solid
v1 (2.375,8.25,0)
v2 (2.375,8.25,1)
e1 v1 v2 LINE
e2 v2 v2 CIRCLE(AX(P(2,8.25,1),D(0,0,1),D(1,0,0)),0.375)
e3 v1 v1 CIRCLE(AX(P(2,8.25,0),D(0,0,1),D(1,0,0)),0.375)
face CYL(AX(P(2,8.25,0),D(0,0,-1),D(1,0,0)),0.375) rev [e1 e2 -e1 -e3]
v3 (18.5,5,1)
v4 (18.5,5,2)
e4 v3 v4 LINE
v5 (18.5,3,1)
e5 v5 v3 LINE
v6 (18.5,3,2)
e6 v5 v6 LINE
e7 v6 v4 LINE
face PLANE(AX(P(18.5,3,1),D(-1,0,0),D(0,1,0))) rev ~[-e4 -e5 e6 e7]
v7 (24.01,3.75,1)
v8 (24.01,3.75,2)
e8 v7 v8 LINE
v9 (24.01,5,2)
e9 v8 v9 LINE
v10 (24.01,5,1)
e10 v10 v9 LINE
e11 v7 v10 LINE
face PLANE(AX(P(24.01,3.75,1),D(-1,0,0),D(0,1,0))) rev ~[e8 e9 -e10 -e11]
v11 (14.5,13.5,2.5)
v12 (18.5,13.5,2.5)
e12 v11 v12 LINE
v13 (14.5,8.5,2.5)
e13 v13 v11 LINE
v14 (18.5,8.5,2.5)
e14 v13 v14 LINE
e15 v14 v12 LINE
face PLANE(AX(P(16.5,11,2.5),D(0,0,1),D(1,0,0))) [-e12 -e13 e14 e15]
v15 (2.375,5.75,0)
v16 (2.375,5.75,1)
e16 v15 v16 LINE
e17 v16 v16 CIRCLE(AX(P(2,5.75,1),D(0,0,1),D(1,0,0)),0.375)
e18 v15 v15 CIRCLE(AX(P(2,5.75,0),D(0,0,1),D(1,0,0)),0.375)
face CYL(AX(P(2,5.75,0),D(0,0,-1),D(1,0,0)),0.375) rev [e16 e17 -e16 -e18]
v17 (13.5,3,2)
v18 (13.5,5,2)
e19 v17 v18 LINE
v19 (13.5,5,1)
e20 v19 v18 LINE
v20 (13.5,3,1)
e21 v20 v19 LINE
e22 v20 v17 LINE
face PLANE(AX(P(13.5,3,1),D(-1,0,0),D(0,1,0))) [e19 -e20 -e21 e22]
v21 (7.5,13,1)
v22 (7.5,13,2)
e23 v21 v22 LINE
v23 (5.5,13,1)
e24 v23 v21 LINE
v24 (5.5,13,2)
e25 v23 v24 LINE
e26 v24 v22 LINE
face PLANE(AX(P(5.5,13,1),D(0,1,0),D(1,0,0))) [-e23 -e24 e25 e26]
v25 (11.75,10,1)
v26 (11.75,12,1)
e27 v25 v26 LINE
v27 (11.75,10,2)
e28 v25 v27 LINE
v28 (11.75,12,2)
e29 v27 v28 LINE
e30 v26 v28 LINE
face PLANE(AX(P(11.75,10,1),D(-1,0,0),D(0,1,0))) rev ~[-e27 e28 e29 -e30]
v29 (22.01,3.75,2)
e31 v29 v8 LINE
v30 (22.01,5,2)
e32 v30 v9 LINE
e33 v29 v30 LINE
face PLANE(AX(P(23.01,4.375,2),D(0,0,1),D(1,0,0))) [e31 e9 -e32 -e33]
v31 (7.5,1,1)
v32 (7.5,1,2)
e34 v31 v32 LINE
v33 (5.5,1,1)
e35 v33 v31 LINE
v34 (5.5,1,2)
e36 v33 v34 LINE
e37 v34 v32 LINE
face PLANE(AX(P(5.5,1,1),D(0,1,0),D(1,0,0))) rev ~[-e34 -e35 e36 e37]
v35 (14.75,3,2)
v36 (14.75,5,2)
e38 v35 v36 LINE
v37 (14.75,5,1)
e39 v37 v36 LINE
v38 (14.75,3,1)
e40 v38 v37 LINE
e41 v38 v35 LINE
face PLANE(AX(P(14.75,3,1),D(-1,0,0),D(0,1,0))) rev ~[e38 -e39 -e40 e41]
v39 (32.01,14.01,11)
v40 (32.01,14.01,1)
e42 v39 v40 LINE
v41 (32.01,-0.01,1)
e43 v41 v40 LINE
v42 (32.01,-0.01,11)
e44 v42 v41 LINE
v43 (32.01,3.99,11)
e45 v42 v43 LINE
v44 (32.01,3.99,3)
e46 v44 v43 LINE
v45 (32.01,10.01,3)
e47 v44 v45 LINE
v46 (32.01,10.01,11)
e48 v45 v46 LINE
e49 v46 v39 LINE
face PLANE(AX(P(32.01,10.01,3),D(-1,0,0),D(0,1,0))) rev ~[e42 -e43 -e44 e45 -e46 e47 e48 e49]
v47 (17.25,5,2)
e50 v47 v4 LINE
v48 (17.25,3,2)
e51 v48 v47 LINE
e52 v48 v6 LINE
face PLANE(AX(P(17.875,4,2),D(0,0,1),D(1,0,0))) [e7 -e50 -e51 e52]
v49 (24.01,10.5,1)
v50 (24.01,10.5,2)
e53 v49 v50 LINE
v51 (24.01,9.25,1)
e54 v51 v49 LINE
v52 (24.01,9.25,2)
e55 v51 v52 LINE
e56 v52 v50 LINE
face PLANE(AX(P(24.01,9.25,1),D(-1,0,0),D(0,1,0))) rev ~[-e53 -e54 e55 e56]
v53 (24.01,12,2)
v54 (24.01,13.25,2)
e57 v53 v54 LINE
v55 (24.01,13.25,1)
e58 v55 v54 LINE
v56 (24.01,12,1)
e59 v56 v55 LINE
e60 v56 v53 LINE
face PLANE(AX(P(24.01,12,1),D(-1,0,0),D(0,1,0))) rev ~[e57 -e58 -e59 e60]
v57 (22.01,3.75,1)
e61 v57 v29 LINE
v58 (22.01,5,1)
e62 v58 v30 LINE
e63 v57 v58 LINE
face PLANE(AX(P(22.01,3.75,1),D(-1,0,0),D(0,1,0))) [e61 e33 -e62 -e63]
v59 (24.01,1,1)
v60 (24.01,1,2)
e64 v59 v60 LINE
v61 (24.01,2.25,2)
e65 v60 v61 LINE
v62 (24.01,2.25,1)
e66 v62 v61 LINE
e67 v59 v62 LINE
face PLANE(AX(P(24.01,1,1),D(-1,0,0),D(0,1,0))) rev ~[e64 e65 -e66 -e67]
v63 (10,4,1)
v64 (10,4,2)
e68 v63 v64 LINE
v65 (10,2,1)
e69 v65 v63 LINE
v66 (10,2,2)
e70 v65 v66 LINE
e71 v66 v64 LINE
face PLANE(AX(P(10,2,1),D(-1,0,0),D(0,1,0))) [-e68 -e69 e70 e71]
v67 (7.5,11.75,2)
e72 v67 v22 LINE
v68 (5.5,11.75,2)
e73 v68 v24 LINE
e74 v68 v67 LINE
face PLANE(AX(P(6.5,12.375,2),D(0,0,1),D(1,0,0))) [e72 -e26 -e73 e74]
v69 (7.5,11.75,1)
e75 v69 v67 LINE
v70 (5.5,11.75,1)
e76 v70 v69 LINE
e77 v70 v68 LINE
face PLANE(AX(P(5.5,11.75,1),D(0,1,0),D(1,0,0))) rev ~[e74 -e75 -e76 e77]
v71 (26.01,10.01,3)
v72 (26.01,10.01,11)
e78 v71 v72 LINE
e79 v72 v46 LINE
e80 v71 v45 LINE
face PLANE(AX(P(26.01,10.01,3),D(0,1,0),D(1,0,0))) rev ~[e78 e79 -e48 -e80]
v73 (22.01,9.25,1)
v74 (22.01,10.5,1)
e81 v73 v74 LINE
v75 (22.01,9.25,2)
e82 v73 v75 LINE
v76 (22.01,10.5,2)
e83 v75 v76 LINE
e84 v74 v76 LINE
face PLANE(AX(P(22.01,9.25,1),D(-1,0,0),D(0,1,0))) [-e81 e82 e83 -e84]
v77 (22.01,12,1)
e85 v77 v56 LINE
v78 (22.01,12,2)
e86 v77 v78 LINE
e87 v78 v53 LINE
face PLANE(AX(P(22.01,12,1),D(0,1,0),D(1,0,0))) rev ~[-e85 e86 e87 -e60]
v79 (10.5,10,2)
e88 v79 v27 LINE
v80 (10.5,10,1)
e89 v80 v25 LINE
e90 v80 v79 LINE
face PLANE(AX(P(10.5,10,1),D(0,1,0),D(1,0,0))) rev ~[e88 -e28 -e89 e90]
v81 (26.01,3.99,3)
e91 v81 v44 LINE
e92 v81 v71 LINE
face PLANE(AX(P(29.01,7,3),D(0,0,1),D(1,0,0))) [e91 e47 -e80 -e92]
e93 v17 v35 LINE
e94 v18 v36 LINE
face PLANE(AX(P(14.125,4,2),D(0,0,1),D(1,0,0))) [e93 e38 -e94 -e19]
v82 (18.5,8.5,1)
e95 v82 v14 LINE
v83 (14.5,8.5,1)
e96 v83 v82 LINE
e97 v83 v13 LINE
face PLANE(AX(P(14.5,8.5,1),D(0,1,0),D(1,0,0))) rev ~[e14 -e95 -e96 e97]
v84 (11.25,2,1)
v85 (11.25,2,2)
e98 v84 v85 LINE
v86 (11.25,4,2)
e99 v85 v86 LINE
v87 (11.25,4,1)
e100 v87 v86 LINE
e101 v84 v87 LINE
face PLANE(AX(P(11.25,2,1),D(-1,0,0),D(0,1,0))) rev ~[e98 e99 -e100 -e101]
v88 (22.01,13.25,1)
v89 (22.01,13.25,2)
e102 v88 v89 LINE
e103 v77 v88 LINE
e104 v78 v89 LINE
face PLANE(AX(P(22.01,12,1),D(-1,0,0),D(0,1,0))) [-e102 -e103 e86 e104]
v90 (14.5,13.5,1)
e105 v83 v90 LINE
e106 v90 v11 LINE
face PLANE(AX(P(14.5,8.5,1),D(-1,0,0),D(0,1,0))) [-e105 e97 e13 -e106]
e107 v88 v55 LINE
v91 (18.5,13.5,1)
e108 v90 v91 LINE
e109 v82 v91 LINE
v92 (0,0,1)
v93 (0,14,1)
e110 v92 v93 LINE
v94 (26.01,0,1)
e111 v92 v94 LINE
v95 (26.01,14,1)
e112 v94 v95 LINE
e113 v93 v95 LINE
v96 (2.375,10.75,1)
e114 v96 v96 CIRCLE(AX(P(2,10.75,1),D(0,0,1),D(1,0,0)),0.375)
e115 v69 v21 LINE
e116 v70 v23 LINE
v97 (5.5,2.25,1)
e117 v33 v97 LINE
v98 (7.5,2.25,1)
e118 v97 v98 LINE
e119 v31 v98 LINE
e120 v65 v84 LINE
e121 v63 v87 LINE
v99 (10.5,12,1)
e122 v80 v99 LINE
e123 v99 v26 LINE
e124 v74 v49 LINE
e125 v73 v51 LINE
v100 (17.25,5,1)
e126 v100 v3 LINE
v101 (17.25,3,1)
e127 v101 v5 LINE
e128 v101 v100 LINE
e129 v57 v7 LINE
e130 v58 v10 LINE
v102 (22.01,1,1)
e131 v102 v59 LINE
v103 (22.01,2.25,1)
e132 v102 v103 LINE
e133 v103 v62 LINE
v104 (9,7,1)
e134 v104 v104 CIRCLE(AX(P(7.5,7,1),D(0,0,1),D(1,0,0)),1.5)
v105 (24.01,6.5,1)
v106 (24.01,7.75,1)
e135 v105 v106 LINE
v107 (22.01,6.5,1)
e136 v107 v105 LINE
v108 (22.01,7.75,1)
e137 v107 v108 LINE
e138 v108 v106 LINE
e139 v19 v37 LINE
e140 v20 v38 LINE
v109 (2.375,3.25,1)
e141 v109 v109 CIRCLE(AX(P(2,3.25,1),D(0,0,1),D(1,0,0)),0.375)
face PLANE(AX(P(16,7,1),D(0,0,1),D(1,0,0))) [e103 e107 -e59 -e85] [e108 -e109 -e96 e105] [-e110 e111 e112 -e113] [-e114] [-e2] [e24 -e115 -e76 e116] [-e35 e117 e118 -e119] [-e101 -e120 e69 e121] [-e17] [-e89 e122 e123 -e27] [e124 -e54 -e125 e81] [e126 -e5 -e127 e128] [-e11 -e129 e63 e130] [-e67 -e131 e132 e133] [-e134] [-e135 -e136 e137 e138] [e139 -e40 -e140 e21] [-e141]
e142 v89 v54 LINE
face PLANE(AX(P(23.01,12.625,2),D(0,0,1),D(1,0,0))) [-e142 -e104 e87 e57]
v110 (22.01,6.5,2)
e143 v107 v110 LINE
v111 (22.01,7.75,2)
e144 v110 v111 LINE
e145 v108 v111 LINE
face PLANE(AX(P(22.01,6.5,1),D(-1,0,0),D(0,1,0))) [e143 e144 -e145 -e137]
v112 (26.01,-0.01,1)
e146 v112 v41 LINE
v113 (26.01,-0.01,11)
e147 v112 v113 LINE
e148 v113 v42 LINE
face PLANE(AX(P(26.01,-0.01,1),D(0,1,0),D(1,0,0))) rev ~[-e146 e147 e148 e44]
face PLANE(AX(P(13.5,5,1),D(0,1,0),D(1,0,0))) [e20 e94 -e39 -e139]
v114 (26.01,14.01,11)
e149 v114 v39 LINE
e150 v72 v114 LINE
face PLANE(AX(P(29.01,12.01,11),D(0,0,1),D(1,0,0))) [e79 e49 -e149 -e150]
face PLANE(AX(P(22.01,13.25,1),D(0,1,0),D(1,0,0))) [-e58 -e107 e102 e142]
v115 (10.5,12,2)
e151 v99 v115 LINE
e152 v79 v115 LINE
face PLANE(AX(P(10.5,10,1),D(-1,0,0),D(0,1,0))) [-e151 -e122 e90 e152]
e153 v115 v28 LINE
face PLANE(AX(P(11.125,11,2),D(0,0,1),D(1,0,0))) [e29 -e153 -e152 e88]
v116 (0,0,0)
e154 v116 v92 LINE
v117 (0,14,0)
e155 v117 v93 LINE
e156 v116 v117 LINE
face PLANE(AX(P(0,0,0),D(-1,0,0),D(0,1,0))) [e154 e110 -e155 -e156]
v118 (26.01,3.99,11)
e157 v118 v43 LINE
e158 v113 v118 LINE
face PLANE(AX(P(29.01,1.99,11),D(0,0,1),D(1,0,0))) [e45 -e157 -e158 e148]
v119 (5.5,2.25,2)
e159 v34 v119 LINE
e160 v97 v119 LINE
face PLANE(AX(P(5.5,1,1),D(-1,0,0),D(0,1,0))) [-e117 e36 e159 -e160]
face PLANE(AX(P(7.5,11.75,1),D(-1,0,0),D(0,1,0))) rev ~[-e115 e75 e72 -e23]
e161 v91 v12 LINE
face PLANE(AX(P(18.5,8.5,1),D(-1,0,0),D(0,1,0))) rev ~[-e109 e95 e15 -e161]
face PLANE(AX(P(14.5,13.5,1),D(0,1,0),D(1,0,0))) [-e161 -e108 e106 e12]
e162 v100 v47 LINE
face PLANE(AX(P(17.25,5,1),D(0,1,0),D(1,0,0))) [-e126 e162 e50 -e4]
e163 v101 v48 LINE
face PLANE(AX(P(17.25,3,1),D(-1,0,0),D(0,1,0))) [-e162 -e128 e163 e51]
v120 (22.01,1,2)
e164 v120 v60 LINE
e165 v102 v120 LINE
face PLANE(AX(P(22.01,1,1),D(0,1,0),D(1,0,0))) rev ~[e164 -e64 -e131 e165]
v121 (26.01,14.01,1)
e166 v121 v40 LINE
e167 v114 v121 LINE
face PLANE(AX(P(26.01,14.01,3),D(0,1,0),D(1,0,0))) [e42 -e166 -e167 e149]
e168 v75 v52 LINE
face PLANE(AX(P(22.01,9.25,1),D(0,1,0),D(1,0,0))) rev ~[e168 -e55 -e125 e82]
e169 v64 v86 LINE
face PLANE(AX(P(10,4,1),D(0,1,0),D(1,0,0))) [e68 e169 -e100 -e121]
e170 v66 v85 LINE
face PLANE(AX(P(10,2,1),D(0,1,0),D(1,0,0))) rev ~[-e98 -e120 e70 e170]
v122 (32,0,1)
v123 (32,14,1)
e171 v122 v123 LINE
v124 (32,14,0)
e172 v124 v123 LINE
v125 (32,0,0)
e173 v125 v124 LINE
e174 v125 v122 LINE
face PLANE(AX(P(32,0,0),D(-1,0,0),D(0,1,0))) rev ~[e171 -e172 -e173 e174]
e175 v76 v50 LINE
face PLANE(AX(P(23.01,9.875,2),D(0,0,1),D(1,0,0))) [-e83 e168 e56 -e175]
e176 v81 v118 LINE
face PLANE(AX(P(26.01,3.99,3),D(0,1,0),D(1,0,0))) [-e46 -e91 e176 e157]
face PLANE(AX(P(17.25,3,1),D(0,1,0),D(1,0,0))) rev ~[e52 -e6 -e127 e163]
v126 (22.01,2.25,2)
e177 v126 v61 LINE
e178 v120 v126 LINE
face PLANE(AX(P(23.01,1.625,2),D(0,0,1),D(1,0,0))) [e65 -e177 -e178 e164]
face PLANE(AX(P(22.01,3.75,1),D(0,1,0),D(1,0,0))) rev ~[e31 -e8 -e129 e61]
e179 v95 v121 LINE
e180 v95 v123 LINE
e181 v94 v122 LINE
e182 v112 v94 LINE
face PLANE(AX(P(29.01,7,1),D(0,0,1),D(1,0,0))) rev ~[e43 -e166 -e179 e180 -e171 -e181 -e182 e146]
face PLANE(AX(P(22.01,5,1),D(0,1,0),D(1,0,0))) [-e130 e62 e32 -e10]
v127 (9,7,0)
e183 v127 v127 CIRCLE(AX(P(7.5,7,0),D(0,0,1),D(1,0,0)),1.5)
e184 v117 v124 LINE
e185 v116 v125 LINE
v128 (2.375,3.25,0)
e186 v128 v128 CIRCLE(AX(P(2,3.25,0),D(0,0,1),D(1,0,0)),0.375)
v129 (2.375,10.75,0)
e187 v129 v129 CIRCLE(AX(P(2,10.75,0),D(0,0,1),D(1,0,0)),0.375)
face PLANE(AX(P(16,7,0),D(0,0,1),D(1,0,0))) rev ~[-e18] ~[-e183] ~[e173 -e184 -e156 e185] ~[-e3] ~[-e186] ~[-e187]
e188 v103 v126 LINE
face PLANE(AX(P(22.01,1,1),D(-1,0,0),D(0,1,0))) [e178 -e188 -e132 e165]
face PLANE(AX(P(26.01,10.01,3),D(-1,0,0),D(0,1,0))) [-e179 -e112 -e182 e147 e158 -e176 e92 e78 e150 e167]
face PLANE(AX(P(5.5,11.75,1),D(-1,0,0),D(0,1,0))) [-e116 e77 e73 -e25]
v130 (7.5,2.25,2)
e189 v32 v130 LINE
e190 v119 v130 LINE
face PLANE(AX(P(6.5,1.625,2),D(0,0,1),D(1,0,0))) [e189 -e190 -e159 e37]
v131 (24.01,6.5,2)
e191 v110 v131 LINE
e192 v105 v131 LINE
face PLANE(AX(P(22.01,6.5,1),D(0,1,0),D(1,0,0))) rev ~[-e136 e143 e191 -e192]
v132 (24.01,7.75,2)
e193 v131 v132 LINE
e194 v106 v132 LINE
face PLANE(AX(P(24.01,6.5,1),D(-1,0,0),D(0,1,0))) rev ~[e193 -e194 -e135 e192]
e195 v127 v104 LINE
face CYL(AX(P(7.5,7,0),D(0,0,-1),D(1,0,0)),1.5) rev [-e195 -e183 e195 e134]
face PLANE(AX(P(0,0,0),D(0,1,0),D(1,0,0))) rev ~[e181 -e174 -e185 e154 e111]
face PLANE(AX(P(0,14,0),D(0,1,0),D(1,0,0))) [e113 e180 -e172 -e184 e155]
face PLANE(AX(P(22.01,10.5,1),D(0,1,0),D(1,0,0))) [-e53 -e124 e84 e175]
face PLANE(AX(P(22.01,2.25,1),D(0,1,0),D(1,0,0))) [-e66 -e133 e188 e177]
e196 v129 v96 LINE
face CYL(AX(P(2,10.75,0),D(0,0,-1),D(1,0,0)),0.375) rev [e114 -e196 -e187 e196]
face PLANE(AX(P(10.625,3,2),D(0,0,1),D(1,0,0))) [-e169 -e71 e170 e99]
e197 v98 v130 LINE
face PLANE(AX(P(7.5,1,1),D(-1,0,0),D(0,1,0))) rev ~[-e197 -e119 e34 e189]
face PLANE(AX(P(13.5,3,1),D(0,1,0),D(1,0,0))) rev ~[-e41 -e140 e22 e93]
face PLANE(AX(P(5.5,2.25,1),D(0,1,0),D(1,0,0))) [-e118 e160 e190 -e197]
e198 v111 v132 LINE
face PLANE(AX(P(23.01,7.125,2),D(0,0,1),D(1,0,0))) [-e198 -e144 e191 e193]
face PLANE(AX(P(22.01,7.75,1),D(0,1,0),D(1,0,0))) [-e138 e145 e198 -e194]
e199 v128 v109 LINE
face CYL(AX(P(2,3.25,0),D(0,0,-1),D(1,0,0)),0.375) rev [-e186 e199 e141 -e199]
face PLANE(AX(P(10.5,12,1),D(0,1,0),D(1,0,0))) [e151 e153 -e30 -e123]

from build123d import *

# Parameters (mm, degrees)
ESQUISSE1_W        = 32
ESQUISSE1_H        = 14
ESQUISSE1_R        = 0.375
ESQUISSE1_R_2      = 1.5
BOSS_EXTRU_1_DEPTH = 1
ESQUISSE2_W        = 6
ESQUISSE2_H        = 14.02
BOSS_EXTRU_2_DEPTH = 2
ESQUISSE3_W        = 6
ESQUISSE3_H        = 4
BOSS_EXTRU_3_DEPTH = 8
ESQUISSE4_W        = 4
ESQUISSE4_H        = 5
BOSS_EXTRU_4_DEPTH = 1.5
ESQUISSE5_W        = 1.25
ESQUISSE5_H        = 2
ESQUISSE5_W_2      = 2
ESQUISSE5_H_2      = 1.25
BOSS_EXTRU_5_DEPTH = 1


with BuildPart() as part:
    # Esquisse1 → Boss.-Extru.1 (new body)
    with BuildSketch(Plane.XY):
        with Locations((16, 7)):
            Rectangle(ESQUISSE1_W, ESQUISSE1_H)
        with Locations((2, 8.25)):
            Circle(ESQUISSE1_R, mode=Mode.SUBTRACT)
        with Locations((2, 10.75)):
            Circle(ESQUISSE1_R, mode=Mode.SUBTRACT)
        with Locations((2, 5.75)):
            Circle(ESQUISSE1_R, mode=Mode.SUBTRACT)
        with Locations((2, 3.25)):
            Circle(ESQUISSE1_R, mode=Mode.SUBTRACT)
        with Locations((7.5, 7)):
            Circle(ESQUISSE1_R_2, mode=Mode.SUBTRACT)
    extrude(amount=BOSS_EXTRU_1_DEPTH)

    # Esquisse2 → Boss.-Extru.2 (add)
    with BuildSketch(Plane.XY.offset(1)):
        with Locations((29.01, 7)):
            Rectangle(ESQUISSE2_W, ESQUISSE2_H)
    extrude(amount=BOSS_EXTRU_2_DEPTH)

    # Esquisse3 → Boss.-Extru.3 (add)
    with BuildSketch(Plane.XY.offset(3)):
        with Locations((29.01, 12.01)):
            Rectangle(ESQUISSE3_W, ESQUISSE3_H)
        with Locations((29.01, 1.99)):
            Rectangle(ESQUISSE3_W, ESQUISSE3_H)
    extrude(amount=BOSS_EXTRU_3_DEPTH)

    # Esquisse4 → Boss.-Extru.4 (add)
    with BuildSketch(Plane.XY.offset(1)):
        with Locations((16.5, 11)):
            Rectangle(ESQUISSE4_W, ESQUISSE4_H)
    extrude(amount=BOSS_EXTRU_4_DEPTH)

    # Esquisse5 → Boss.-Extru.5 (add)
    with BuildSketch(Plane.XY.offset(1)):
        with Locations((11.125, 11)):
            Rectangle(ESQUISSE5_W, ESQUISSE5_H)
        with Locations((10.625, 3)):
            Rectangle(ESQUISSE5_W, ESQUISSE5_H)
        with Locations((14.125, 4)):
            Rectangle(ESQUISSE5_W, ESQUISSE5_H)
        with Locations((17.875, 4)):
            Rectangle(ESQUISSE5_W, ESQUISSE5_H)
        with Locations((23.01, 12.625)):
            Rectangle(ESQUISSE5_W_2, ESQUISSE5_H_2)
        with Locations((23.01, 9.875)):
            Rectangle(ESQUISSE5_W_2, ESQUISSE5_H_2)
        with Locations((23.01, 7.125)):
            Rectangle(ESQUISSE5_W_2, ESQUISSE5_H_2)
        with Locations((23.01, 4.375)):
            Rectangle(ESQUISSE5_W_2, ESQUISSE5_H_2)
        with Locations((23.01, 1.625)):
            Rectangle(ESQUISSE5_W_2, ESQUISSE5_H_2)
        with Locations((6.5, 12.375)):
            Rectangle(ESQUISSE5_W_2, ESQUISSE5_H_2)
        with Locations((6.5, 1.625)):
            Rectangle(ESQUISSE5_W_2, ESQUISSE5_H_2)
    extrude(amount=BOSS_EXTRU_5_DEPTH)


solid = part.part
